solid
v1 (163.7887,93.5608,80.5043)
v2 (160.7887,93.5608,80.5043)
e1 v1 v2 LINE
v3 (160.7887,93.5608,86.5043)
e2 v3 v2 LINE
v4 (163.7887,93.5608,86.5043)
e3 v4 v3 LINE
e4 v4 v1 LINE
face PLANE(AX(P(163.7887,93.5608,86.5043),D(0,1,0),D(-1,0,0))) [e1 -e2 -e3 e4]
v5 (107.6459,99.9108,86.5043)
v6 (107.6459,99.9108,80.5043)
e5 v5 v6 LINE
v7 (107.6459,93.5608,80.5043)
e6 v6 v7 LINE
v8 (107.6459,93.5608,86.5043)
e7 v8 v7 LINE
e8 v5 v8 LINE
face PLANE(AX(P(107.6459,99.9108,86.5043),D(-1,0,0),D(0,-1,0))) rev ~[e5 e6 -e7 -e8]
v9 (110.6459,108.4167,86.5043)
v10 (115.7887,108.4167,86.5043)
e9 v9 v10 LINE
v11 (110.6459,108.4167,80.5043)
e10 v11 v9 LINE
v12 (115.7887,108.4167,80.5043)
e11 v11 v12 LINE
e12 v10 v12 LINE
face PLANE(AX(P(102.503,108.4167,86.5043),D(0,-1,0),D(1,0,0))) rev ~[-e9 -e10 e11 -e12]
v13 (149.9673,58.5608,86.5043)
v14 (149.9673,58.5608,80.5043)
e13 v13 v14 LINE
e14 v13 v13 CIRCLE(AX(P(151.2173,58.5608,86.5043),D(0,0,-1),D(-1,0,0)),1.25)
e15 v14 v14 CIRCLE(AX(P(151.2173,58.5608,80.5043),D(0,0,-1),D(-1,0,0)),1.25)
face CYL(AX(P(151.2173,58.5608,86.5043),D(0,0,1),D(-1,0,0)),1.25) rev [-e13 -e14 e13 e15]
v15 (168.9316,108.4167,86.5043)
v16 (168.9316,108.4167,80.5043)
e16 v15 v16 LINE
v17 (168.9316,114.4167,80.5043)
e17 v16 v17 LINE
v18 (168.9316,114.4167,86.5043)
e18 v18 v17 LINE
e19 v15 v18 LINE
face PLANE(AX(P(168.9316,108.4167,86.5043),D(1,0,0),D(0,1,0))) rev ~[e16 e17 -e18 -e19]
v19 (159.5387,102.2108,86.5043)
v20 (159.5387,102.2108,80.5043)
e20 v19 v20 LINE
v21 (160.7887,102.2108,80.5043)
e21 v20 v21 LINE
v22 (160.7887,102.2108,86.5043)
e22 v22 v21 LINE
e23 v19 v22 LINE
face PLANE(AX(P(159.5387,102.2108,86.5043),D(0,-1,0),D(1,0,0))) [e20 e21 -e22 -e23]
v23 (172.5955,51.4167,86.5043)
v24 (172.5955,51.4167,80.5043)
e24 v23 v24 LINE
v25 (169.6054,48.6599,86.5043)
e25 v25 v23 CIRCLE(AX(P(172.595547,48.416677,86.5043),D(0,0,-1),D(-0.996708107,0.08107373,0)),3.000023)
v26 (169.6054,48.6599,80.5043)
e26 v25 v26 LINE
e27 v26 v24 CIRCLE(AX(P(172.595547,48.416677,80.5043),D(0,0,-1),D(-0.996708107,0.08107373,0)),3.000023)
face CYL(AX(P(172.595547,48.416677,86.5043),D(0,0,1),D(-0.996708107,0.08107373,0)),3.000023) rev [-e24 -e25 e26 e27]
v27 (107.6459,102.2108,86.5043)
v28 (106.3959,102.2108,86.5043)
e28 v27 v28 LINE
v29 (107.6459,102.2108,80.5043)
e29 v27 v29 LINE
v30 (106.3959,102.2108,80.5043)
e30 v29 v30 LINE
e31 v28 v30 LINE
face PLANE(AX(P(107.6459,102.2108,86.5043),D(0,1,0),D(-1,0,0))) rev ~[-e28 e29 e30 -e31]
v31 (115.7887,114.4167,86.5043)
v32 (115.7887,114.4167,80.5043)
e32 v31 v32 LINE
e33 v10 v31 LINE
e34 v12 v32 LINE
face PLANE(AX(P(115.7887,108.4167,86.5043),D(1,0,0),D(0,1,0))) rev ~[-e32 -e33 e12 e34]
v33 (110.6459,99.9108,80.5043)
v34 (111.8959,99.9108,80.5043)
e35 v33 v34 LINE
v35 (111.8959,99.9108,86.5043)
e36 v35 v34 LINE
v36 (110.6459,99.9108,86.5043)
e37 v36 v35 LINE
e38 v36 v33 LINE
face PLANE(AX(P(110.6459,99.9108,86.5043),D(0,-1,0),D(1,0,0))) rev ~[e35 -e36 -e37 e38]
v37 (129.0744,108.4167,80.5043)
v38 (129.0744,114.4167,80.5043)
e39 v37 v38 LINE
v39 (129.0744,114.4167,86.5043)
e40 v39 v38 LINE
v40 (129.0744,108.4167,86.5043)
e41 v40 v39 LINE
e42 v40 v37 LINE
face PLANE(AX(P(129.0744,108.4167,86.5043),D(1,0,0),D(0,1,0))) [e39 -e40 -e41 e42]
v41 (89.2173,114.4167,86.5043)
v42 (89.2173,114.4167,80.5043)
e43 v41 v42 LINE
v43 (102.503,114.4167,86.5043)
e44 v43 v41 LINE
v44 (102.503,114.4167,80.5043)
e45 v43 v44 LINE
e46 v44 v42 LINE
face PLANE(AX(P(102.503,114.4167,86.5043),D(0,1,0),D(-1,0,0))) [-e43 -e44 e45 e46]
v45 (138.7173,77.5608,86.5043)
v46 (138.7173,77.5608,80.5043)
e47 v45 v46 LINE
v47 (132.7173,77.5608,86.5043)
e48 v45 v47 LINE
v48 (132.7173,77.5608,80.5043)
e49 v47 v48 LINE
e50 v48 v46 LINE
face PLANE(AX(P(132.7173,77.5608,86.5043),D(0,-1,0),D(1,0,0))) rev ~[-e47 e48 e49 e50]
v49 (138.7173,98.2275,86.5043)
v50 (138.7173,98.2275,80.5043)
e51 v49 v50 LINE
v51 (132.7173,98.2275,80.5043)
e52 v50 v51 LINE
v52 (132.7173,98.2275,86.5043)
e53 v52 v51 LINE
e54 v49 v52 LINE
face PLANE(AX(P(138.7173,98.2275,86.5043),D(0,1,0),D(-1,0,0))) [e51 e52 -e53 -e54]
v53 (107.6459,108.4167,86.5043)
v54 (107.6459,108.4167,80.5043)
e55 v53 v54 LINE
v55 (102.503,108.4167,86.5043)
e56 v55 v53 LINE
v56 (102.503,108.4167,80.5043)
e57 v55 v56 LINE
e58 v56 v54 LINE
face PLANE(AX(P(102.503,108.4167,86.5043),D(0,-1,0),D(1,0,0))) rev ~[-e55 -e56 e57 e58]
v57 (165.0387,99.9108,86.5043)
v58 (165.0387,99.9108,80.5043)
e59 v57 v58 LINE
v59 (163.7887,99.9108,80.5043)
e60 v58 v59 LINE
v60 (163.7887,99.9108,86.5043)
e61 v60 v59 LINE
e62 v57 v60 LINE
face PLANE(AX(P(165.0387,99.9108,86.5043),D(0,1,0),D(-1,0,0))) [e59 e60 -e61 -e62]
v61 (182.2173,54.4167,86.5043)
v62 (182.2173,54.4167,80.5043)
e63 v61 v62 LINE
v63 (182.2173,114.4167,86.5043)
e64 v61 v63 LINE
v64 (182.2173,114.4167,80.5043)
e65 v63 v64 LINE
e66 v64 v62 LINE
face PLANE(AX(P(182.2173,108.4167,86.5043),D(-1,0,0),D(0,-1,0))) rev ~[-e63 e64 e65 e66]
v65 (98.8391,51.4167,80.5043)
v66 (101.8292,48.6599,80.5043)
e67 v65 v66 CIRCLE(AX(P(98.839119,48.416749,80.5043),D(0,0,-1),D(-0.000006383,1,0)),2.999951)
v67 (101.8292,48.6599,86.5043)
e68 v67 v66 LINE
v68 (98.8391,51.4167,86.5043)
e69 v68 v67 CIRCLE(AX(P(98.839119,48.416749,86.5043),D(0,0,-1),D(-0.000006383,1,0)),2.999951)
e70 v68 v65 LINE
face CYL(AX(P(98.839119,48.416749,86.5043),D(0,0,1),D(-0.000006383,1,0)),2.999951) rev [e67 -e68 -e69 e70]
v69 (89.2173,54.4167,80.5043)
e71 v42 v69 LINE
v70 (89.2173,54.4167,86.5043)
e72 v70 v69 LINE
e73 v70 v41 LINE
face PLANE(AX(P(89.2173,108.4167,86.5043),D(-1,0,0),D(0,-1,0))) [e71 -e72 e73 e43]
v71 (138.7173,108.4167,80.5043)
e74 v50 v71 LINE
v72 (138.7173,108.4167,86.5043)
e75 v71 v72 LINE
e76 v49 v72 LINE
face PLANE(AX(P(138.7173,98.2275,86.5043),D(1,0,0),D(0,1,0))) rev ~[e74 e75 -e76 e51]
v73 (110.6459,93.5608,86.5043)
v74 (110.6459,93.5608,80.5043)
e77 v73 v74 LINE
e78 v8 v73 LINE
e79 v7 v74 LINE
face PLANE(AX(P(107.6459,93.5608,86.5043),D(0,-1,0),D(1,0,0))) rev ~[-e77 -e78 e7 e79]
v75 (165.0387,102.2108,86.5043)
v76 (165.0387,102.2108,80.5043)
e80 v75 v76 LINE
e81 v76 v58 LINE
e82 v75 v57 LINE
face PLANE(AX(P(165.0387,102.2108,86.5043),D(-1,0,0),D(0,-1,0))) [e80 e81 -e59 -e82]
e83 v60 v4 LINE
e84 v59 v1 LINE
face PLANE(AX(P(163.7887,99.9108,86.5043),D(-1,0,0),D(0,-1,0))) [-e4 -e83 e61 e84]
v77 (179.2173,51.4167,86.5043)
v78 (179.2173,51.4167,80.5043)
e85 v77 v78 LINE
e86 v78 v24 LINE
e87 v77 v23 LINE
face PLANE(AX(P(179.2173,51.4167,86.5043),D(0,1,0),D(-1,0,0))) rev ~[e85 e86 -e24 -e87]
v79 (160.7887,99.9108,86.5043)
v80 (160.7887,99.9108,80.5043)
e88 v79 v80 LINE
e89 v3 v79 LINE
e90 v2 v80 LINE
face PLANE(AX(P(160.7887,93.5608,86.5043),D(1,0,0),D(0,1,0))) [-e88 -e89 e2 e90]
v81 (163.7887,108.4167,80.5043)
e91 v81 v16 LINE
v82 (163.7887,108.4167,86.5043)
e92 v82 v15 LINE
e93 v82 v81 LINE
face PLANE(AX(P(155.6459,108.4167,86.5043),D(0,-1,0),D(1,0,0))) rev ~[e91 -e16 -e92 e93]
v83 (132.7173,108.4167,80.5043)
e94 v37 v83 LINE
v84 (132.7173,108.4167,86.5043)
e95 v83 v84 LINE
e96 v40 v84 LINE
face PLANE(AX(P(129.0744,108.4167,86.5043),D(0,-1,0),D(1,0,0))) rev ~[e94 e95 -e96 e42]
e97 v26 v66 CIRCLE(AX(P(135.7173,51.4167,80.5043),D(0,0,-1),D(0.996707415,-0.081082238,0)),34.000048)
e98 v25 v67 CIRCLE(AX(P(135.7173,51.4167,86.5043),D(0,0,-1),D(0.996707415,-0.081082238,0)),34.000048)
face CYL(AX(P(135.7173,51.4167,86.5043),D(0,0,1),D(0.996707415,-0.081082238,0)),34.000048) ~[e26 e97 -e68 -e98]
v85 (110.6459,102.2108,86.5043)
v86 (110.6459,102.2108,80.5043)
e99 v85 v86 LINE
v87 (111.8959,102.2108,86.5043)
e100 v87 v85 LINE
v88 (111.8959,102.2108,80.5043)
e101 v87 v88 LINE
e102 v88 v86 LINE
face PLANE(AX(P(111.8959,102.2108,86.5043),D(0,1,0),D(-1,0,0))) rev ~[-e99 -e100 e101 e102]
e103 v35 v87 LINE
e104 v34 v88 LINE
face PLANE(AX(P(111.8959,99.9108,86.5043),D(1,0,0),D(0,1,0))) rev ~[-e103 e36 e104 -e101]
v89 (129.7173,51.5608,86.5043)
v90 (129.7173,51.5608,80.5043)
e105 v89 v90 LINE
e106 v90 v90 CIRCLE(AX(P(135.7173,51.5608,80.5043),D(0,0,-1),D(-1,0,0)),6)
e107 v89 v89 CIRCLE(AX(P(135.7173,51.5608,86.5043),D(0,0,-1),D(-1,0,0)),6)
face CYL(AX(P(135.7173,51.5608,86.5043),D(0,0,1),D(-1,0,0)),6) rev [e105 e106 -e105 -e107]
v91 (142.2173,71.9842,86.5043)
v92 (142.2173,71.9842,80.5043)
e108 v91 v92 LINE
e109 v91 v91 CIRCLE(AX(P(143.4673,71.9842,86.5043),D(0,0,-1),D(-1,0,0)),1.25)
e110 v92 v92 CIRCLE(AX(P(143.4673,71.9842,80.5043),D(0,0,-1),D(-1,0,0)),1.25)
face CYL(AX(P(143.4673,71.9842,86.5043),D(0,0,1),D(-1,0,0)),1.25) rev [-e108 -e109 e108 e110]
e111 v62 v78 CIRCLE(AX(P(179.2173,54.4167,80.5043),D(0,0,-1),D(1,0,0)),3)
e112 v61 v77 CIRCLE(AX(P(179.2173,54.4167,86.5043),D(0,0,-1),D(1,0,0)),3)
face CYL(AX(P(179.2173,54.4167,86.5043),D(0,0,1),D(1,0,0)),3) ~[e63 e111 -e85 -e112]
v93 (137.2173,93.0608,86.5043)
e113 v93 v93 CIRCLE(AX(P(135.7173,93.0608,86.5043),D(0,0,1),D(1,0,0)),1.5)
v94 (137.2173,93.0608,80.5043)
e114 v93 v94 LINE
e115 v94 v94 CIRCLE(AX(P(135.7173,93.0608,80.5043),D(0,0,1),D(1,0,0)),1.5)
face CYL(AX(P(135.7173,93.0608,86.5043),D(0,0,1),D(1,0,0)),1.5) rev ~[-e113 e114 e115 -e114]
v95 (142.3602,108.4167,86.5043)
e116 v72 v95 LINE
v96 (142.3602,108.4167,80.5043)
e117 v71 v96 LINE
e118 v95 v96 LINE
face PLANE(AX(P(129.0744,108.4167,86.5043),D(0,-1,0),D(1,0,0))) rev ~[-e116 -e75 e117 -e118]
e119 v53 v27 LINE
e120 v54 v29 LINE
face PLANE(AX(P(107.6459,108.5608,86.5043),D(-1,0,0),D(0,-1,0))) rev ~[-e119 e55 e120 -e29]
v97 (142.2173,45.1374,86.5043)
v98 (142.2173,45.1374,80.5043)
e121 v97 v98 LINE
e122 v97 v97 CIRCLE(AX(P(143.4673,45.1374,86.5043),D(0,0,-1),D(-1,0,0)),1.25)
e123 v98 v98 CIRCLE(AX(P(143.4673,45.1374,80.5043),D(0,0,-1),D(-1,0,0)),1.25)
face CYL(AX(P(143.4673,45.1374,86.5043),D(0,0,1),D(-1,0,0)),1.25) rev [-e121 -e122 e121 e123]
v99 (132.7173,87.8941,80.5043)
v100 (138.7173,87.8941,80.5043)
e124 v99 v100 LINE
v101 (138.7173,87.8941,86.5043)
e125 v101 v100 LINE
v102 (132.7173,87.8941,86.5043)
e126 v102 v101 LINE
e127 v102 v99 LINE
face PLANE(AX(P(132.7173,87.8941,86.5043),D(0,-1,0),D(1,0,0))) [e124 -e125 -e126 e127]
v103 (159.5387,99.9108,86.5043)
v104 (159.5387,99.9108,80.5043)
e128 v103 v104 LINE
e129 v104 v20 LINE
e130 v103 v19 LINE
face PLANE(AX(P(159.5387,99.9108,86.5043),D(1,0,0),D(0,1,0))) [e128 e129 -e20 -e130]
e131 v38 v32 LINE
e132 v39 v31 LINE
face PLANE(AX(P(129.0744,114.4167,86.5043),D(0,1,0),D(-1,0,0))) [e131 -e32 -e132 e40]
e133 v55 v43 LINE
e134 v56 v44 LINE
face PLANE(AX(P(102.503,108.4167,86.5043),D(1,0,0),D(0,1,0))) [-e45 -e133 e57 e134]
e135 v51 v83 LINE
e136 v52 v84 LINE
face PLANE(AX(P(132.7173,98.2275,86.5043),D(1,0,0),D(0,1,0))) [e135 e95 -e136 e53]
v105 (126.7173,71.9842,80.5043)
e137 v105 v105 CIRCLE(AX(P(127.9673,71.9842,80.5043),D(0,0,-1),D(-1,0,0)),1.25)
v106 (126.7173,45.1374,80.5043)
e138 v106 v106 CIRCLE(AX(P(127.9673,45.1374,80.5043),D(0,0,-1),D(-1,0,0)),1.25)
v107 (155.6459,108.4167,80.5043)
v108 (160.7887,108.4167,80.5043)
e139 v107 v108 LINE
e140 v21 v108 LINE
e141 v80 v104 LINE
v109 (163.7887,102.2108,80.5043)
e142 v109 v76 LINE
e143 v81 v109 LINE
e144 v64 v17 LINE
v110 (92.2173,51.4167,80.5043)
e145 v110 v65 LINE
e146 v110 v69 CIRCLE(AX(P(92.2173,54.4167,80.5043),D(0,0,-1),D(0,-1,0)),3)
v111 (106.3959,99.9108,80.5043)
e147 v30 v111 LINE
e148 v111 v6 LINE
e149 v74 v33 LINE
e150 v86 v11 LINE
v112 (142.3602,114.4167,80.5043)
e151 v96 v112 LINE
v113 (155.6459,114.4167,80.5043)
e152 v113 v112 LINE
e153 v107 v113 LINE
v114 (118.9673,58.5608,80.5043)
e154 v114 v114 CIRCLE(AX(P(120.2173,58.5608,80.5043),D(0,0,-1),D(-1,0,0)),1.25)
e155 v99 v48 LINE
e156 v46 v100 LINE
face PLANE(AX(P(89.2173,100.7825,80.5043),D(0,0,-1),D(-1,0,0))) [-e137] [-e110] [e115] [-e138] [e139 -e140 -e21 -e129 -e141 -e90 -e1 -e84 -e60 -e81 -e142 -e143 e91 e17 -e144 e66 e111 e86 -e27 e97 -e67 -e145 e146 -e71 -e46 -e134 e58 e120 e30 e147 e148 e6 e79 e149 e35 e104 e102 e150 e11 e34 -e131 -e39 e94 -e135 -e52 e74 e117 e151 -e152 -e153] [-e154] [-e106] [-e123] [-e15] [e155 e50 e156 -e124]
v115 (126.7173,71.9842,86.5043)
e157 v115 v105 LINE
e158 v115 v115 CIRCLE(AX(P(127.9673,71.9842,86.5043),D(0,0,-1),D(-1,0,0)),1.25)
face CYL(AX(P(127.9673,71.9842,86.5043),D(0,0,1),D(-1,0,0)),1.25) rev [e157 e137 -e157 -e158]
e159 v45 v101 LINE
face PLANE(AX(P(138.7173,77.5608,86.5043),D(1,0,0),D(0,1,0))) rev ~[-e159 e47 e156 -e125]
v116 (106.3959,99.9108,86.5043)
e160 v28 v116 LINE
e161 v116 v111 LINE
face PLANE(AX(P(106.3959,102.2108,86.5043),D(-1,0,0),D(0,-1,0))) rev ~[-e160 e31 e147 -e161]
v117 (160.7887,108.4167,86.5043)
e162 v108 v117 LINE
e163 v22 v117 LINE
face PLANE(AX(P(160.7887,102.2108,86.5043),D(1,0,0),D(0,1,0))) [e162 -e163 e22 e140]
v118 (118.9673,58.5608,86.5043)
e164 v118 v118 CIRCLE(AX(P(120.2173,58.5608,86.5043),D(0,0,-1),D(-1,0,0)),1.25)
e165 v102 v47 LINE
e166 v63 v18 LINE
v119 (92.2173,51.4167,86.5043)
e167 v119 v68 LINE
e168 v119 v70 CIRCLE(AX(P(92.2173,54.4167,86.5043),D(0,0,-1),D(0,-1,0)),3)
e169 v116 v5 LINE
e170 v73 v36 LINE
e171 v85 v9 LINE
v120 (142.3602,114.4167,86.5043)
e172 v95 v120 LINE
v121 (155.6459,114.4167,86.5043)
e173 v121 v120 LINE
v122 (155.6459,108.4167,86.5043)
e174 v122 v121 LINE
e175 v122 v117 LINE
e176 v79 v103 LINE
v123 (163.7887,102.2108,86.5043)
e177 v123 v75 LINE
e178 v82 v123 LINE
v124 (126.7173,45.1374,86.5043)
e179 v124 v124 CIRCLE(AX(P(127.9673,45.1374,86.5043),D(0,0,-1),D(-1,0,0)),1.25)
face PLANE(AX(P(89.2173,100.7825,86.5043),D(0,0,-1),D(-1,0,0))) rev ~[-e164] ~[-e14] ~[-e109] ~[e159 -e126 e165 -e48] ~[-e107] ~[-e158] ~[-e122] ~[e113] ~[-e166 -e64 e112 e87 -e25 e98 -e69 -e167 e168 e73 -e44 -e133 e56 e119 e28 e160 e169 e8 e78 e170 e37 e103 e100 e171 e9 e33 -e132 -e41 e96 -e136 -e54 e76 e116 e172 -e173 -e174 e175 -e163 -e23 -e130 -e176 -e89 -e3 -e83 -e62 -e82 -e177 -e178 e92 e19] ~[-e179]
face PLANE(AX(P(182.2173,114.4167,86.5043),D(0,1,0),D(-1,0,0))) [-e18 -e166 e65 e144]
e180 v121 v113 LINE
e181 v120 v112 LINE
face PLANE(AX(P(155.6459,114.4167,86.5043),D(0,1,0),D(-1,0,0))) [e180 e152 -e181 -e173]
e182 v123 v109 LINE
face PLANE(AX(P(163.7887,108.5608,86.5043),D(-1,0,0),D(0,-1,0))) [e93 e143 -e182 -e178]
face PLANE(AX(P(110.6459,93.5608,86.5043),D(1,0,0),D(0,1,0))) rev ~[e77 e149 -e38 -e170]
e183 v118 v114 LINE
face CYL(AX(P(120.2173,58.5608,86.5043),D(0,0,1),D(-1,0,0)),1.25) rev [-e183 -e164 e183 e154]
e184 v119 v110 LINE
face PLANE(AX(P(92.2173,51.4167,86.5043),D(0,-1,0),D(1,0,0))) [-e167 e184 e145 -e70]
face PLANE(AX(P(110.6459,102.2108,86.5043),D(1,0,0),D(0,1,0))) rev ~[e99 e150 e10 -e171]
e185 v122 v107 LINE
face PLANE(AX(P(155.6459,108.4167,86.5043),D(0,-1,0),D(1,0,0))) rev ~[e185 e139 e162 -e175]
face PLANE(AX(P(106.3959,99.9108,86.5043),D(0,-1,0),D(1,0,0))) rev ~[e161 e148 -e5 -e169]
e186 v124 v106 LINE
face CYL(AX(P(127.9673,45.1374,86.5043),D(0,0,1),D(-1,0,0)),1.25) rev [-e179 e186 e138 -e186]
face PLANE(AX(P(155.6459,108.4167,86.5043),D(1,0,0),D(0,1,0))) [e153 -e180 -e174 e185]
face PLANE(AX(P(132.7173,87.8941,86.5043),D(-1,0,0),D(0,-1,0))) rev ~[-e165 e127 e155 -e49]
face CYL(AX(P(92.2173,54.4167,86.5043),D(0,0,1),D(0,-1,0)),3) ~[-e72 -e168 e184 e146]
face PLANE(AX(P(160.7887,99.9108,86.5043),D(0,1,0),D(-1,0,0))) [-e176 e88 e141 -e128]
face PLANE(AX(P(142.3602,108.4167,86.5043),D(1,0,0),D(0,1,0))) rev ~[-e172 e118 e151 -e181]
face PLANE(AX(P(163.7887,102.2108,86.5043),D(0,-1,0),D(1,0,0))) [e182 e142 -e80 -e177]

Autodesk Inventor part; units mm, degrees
ref_plane "YZ Plane" through (0, 0, 0) normal (1, 0, 0) x (0, 1, 0)
ref_plane "XZ Plane" through (0, 0, 0) normal (0, 1, 0) x (-1, 0, 0)
ref_plane "XY Plane" through (0, 0, 0) normal (0, 0, 1) x (1, 0, 0)
ref_plane "РабПлоскость1" through (89.2173, 100.7825, 86.5043) normal (0, 0, -1) x (-1, 0, 0)
sketch "Эскиз1" plane through (89.2173, 100.7825, 86.5043) normal (0, 0, -1) x (-1, 0, 0)
  line L0 (0, 7.6342) -> (-13.2857, 7.6342) construction
  line L1 (0, 7.6342) -> (0, 13.6342) projected
  line L2 (-13.2857, 13.6342) -> (0, 13.6342) projected
  line L3 (-13.2857, 7.6342) -> (-13.2857, 13.6342) projected
  line L4 (-26.5714, 7.6342) -> (-39.8571, 7.6342) construction
  line L5 (-26.5714, 7.6342) -> (-26.5714, 13.6342) projected
  line L6 (-39.8571, 13.6342) -> (-26.5714, 13.6342) projected
  line L7 (-39.8571, 7.6342) -> (-39.8571, 13.6342) projected
  line L8 (-53.1429, 7.6342) -> (-66.4286, 7.6342) construction
  line L9 (-53.1429, 7.6342) -> (-53.1429, 13.6342) projected
  line L10 (-66.4286, 13.6342) -> (-53.1429, 13.6342) projected
  line L11 (-66.4286, 7.6342) -> (-66.4286, 13.6342) projected
  line L12 (-79.7143, 7.6342) -> (-93, 7.6342) construction
  line L13 (-79.7143, 7.6342) -> (-79.7143, 13.6342) projected
  line L14 (-93, 13.6342) -> (-79.7143, 13.6342) projected
  line L15 (-93, 7.6342) -> (-93, 13.6342) projected
  line L16 (-13.2857, 7.6342) -> (-26.5714, 7.6342)
  line L17 (-39.8571, 7.6342) -> (-53.1429, 7.6342)
  line L18 (-66.4286, 7.6342) -> (-79.7143, 7.6342)
  line L19 (0, 7.6342) -> (0, -46.3658)
  line L20 (-3, -49.3658) -> (-9.6218, -49.3658)
  line L21 (-93, 7.6342) -> (-93, -46.3658)
  line L22 (-90, -49.3658) -> (-83.3782, -49.3658)
  line L23 (-12.5, -49.3658) -> (-80.5, -49.3658) construction
  arc A0 (-80.3881, -52.1226) -> (-12.6119, -52.1226) centre (-46.5, -49.3658) ccw
  arc A1 (-9.6218, -49.3658) -> (-12.6119, -52.1226) centre (-9.6218, -52.3658) ccw
  arc A2 (-80.3881, -52.1226) -> (-83.3782, -49.3658) centre (-83.3782, -52.3658) ccw
  arc A3 (-93, -46.3658) -> (-90, -49.3658) centre (-90, -46.3658) ccw
  arc A4 (-3, -49.3658) -> (0, -46.3658) centre (-3, -46.3658) ccw
  circle A5 centre (-46.5, -49.2217) radius 6
  circle A6 centre (-62, -42.2217) radius 1.25
  circle A7 centre (-54.25, -55.6451) radius 1.25
  circle A8 centre (-38.75, -55.6451) radius 1.25
  circle A9 centre (-31, -42.2217) radius 1.25
  circle A10 centre (-38.75, -28.7983) radius 1.25
  circle A11 centre (-54.25, -28.7983) radius 1.25
  point P0 (89.2173, -100.7825)
  point P1 (-93, -49.3658)
  dimension "d0" = 57
  dimension "d1" = 34
  dimension "d2" = 3
  dimension "d3" = 6
ref_plane "РабПлоскость2" through (219.2173, 403.7825, -131.4957) normal (0, 0, -1) x (-1, 0, 0)
extrude "Выдавливание1" add sketch "Эскиз1" along normal blind 6
sketch "Эскиз2" plane through (89.2173, 100.7825, 86.5043) normal (0, 0, 1) x (1, 0, 0)
  circle A0 centre (46.5, -42.2217) radius 19
  line L0 (49.5, -2.555) -> (43.5, -2.555)
  line L1 (43.5, -2.555) -> (43.5, -12.8884) construction
  line L2 (43.5, -12.8884) -> (49.5, -12.8884)
  line L3 (49.5, -12.8884) -> (49.5, -2.555) construction
  line L4 (49.5, -12.8884) -> (46.5, -42.2217) construction
  line L5 (46.5, -42.2217) -> (43.5, -12.8884) construction
  line L6 (49.5, -12.8884) -> (43.5, -2.555) construction
  line L7 (43.5, -12.8884) -> (43.5, -23.2217)
  line L8 (43.5, -23.2217) -> (49.5, -23.2217)
  line L9 (49.5, -23.2217) -> (49.5, -12.8884)
  line L10 (43.5, -2.555) -> (43.5, 7.7783)
  line L11 (49.5, -2.555) -> (49.5, 7.7783)
  circle A1 centre (46.5, -7.7217) radius 1.5
  line L12 (18.4286, 7.7783) -> (18.4286, 13.7783) construction
  line L13 (21.4286, 7.7783) -> (21.4286, 13.7783) construction
  line L14 (71.5714, 7.7783) -> (71.5714, 13.7783) construction
  line L15 (74.5714, 7.7783) -> (74.5714, 13.7783) construction
  line L16 (43.5, 7.7783) -> (49.5, 7.7783)
  line L17 (18.4286, 7.7783) -> (18.4286, 1.4283)
  line L18 (18.4286, 1.4283) -> (17.1786, 1.4283)
  line L19 (17.1786, 1.4283) -> (17.1786, -0.8717)
  line L20 (17.1786, -0.8717) -> (18.4286, -0.8717)
  line L21 (18.4286, -0.8717) -> (18.4286, -7.2217)
  line L22 (18.4286, -7.2217) -> (21.4286, -7.2217)
  line L23 (21.4286, -7.2217) -> (21.4286, -0.8717)
  line L24 (21.4286, -0.8717) -> (22.6786, -0.8717)
  line L25 (22.6786, -0.8717) -> (22.6786, 1.4283)
  line L26 (22.6786, 1.4283) -> (21.4286, 1.4283)
  line L27 (21.4286, 1.4283) -> (21.4286, 7.7783)
  line L28 (18.4286, 7.7783) -> (21.4286, 7.7783)
  line L29 (46.5, 7.7783) -> (46.5, -2.555) construction
  line L30 (74.5714, 7.7783) -> (74.5714, 1.4283)
  line L31 (74.5714, 1.4283) -> (75.8214, 1.4283)
  line L32 (75.8214, 1.4283) -> (75.8214, -0.8717)
  line L33 (75.8214, -0.8717) -> (74.5714, -0.8717)
  line L34 (74.5714, -0.8717) -> (74.5714, -7.2217)
  line L35 (74.5714, -7.2217) -> (71.5714, -7.2217)
  line L36 (71.5714, -7.2217) -> (71.5714, -0.8717)
  line L37 (71.5714, -0.8717) -> (70.3214, -0.8717)
  line L38 (70.3214, -0.8717) -> (70.3214, 1.4283)
  line L39 (70.3214, 1.4283) -> (71.5714, 1.4283)
  line L40 (71.5714, 1.4283) -> (71.5714, 7.7783)
  line L41 (71.5714, 7.7783) -> (74.5714, 7.7783)
  line L42 (335, 7.7783) -> (-15, 7.7783) construction
  point P0 (-89.2173, -100.7825)
  dimension "d19" = 6
  dimension "d21" = 3
  dimension "d22" = 5.5
  dimension "d23" = 2.3
  dimension "d26" = 15
extrude "Выдавливание2" cut sketch "Эскиз2" against normal blind 6 contours L8 L7 L2 L9 | L0 L10 L16 L11 | A1 | L28 L27 L26 L25 L24 L23 L22 L21 L20 L19 L18 L17 | L30 L31 L32 L33 L34 L35 L36 L37 L38 L39 L40 L41
equation "\"d5\" = d3"
equation "\"d19\" = d3"
equation "\"d14\" = d3"
properties part number "Korpus 5"
